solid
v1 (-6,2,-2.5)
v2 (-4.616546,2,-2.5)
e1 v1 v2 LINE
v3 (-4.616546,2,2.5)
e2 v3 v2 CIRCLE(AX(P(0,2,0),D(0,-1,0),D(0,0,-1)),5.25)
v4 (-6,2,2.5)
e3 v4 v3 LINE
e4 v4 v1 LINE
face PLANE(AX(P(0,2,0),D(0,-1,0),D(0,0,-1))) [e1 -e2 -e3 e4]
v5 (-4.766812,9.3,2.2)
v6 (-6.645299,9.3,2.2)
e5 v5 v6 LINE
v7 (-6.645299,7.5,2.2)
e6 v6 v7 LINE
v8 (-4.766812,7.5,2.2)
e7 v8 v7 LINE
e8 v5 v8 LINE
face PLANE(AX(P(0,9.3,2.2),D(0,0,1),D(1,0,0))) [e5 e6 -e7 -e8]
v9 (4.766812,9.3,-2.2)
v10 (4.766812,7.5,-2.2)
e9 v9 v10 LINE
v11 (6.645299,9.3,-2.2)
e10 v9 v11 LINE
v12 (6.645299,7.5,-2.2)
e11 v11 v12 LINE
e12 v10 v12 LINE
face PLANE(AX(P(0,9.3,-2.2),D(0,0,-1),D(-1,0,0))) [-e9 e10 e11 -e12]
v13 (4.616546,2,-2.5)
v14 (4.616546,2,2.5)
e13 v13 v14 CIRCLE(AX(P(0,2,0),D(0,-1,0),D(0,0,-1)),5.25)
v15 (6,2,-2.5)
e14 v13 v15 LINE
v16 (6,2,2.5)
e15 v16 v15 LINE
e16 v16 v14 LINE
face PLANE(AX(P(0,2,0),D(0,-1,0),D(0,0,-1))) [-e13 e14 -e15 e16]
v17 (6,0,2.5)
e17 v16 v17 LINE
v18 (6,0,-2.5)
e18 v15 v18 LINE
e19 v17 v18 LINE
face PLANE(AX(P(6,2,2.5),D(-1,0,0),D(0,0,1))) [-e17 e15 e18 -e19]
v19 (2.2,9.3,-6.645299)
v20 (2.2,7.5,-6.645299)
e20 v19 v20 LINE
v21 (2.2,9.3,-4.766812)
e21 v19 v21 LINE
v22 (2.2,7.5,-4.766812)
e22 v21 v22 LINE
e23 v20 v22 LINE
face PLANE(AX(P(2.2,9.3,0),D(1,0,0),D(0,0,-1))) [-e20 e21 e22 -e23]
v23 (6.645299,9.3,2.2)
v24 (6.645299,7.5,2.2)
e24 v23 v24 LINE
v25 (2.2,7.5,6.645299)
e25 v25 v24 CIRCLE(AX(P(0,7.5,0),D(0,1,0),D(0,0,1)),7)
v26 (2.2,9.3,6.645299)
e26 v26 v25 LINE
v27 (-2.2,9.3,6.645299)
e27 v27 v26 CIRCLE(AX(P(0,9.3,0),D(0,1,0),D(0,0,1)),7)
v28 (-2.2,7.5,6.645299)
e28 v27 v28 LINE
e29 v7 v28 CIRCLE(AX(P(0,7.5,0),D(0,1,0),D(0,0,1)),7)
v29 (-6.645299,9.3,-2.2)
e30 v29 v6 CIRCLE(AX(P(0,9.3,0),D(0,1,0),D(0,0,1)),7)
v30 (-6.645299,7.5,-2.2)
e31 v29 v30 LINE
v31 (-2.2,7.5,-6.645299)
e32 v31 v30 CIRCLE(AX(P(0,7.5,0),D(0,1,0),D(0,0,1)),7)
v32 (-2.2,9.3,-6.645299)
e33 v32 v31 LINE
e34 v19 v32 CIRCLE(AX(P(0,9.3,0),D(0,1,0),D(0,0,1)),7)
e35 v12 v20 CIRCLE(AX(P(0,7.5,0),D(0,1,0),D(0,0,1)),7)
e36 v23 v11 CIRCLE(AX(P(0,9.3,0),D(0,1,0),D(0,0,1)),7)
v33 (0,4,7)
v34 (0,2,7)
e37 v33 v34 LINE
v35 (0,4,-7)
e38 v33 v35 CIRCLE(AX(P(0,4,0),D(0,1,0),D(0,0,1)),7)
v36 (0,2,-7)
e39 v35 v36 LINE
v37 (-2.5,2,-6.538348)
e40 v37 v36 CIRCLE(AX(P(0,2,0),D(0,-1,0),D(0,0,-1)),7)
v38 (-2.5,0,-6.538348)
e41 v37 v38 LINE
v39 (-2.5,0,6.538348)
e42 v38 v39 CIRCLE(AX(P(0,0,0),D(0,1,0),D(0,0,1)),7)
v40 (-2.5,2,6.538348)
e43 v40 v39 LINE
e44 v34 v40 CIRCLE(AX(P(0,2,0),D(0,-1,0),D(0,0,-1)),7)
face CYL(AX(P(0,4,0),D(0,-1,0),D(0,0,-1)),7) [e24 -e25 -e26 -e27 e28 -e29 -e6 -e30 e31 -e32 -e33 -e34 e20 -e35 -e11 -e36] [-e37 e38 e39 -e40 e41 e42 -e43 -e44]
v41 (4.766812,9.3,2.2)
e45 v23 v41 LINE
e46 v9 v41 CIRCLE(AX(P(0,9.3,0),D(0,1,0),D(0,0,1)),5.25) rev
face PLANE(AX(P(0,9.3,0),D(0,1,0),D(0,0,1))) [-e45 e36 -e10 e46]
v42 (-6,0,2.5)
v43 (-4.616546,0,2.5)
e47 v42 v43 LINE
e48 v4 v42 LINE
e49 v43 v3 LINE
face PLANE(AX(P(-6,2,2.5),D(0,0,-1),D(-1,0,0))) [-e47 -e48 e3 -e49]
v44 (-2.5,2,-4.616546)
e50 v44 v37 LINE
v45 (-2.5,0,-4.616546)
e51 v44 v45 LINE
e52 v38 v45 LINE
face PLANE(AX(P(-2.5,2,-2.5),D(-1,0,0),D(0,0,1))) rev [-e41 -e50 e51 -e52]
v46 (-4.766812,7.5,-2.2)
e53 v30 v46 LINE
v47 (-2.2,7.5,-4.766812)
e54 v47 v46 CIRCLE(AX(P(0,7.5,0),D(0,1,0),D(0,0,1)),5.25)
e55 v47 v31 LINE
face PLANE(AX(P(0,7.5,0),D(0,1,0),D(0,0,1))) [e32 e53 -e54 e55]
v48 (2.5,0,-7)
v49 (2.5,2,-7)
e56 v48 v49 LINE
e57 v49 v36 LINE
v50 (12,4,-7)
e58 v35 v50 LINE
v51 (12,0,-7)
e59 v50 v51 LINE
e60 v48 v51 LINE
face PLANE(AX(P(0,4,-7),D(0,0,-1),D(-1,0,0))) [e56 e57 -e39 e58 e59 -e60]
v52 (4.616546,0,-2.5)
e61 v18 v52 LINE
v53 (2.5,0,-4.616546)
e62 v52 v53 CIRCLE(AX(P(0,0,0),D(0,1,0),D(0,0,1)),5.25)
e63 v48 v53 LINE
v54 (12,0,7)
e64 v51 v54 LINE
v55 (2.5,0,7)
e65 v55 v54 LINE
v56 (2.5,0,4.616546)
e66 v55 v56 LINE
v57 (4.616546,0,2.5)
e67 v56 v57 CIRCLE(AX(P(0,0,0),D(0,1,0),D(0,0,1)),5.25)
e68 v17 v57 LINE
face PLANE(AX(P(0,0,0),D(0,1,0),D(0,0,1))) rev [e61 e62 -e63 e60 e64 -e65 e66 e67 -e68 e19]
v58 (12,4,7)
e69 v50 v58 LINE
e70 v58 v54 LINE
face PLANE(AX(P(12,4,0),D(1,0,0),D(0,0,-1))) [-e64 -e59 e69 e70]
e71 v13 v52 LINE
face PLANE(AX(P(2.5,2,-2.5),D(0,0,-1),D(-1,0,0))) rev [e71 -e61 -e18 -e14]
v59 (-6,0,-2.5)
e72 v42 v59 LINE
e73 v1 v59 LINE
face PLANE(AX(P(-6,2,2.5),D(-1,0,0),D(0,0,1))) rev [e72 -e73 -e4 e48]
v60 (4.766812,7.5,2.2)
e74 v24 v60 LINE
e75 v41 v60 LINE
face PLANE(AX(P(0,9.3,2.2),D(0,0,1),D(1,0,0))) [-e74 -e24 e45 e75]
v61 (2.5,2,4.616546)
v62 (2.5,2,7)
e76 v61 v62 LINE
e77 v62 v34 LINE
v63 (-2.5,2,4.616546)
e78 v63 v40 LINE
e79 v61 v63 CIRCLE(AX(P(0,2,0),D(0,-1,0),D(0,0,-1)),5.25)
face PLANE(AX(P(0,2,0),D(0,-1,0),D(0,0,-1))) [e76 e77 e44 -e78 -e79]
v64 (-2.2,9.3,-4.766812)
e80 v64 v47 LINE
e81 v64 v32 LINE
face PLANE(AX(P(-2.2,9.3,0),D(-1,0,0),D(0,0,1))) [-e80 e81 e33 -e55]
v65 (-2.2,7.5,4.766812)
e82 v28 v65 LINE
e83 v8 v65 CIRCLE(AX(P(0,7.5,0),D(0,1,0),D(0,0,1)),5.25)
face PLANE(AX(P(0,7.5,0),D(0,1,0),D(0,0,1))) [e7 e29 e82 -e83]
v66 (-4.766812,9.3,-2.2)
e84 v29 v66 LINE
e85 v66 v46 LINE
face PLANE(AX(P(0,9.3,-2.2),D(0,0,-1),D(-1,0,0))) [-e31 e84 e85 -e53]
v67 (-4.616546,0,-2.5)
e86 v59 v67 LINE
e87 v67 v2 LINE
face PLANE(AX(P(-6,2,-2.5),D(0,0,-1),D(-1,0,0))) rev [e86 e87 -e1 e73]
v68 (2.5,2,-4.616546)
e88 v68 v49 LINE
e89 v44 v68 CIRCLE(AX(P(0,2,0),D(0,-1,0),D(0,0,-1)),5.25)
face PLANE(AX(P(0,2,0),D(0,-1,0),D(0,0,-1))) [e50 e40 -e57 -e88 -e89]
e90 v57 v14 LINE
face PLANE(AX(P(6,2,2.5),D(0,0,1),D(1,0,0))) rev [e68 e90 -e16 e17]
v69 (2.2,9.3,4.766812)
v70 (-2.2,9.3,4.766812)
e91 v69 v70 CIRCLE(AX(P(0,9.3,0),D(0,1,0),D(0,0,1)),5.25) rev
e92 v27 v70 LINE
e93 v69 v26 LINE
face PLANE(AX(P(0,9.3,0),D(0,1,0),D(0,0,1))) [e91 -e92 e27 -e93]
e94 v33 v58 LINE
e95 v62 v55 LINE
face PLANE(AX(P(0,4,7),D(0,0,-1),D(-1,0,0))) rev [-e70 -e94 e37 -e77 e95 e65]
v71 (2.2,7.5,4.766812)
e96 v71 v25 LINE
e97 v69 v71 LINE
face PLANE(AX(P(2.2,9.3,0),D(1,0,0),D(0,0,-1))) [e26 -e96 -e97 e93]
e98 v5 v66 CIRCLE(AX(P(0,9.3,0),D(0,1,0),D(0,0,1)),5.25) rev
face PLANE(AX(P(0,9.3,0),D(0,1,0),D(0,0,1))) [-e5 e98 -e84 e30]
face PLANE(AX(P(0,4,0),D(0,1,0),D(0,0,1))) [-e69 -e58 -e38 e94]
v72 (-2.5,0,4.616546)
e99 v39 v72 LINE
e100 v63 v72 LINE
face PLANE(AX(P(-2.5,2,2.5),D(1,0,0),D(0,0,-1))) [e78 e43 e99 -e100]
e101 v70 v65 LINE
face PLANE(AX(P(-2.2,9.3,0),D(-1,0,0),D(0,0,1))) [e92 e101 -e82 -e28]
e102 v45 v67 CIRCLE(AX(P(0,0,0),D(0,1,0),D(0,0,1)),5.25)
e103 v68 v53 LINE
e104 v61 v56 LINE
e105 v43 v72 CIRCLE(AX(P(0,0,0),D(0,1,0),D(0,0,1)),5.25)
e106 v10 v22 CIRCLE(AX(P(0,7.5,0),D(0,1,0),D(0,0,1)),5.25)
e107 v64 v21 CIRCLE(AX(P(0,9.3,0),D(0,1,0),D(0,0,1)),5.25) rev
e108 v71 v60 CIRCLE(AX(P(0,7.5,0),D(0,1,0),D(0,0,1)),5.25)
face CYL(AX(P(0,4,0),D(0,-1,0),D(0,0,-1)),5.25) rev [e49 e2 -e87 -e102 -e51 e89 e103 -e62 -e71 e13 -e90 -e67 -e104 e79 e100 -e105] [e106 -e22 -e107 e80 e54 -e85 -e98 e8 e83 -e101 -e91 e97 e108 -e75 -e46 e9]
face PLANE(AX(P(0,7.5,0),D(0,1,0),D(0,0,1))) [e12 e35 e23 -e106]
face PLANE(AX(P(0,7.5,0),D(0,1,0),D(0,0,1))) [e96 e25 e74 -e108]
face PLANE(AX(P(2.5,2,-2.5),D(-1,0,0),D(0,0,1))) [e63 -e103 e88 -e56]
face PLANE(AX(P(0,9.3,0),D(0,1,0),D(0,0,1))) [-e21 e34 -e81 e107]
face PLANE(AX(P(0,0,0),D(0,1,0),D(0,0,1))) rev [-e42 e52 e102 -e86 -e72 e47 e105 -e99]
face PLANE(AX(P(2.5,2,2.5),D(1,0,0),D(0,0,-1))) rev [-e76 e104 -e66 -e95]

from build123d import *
from build123d.topology import SkipClean

# Parameters (mm, degrees)
SKETCH_1_R          = 7
SKETCH_1_R_2        = 5.25
EXTRUDE_3_DEPTH     = 4
SKETCH_2_R          = 7
SKETCH_2_R_2        = 5.25
EXTRUDE_4_DEPTH     = 3.5
CUT_EXTRUDE_1_DEPTH = 2
EXTRUDE_5_DEPTH     = 1.8


with BuildPart() as part:
    # 草图1 → 凸台-拉伸3 (new body)
    # profile 1 of 2: a face of its own
    with BuildSketch(Plane(origin=(0, 0, 0), x_dir=(1, 0, 0), z_dir=(0, 1, 0))):
        with BuildLine():
            Line((12, 7), (0, 7))
            ThreePointArc((0, 7), (4.949747468, 4.949747468), (7, 0))
            ThreePointArc((7, 0), (4.949747468, -4.949747468), (0, -7))
            Line((0, -7), (12, -7))
            Line((12, -7), (12, 7))
        make_face()
    # profile 2 of 2: a face of its own
    with BuildSketch(Plane(origin=(0, 0, 0), x_dir=(1, 0, 0), z_dir=(0, 1, 0))):
        Circle(SKETCH_1_R)
        with Locations(Location((0, 0, 0), (0, 0, 270))):
            Circle(SKETCH_1_R_2, mode=Mode.SUBTRACT)
    extrude(amount=EXTRUDE_3_DEPTH)

    # 草图2 → 凸台-拉伸4 (add)
    with BuildSketch(Plane(origin=(0, 4, 0), x_dir=(1, 0, 0), z_dir=(0, 1, 0))):
        with Locations(Location((0, 0, 0), (0, 0, 270))):
            Circle(SKETCH_2_R)
        with Locations(Location((0, 0, 0), (0, 0, 270))):
            Circle(SKETCH_2_R_2, mode=Mode.SUBTRACT)
    extrude(amount=EXTRUDE_4_DEPTH)

    # 草图3 → 切除-拉伸1 (cut)
    with BuildSketch(Plane.XZ):
        Polygon((-2.5, -8.5), (2.5, -8.5), (2.5, -2.5), (6, -2.5), (6, 2.5), (2.5, 2.5), (2.5, 8.5), (-2.5, 8.5), (-2.5, 2.5), (-6, 2.5), (-6, -2.5), (-2.5, -2.5), align=None)
    extrude(amount=-CUT_EXTRUDE_1_DEPTH, mode=Mode.SUBTRACT)

    # 草图4 → 凸台-拉伸5 (add)
    with SkipClean():  # the faces are left unmerged after this step: merging them gives an invalid solid
        with BuildSketch(Plane(origin=(0, 7.5, 0), x_dir=(1, 0, 0), z_dir=(0, 1, 0))):
            with BuildLine():
                ThreePointArc((-4.766812352, -2.2), (-5.25, 0), (-4.766812352, 2.2))
                Line((-4.766812352, 2.2), (-6.64529909, 2.2))
                ThreePointArc((-6.64529909, 2.2), (-7, 0), (-6.64529909, -2.2))
                Line((-6.64529909, -2.2), (-4.766812352, -2.2))
            make_face()
            with BuildLine():
                ThreePointArc((-2.2, 4.766812352), (0, 5.25), (2.2, 4.766812352))
                Line((2.2, 4.766812352), (2.2, 6.64529909))
                ThreePointArc((2.2, 6.64529909), (0, 7), (-2.2, 6.64529909))
                Line((-2.2, 6.64529909), (-2.2, 4.766812352))
            make_face()
            with BuildLine():
                Line((6.64529909, 2.2), (4.766812352, 2.2))
                ThreePointArc((4.766812352, 2.2), (5.127780458, 1.126218263), (5.25, 0))
                ThreePointArc((5.25, 0), (5.127780458, -1.126218263), (4.766812352, -2.2))
                Line((4.766812352, -2.2), (6.64529909, -2.2))
                ThreePointArc((6.64529909, -2.2), (6.910755879, -1.11420518), (7, 0))
                ThreePointArc((7, 0), (6.910755879, 1.11420518), (6.64529909, 2.2))
            make_face()
            with BuildLine():
                Line((2.2, -6.64529909), (2.2, -4.766812352))
                ThreePointArc((2.2, -4.766812352), (0, -5.25), (-2.2, -4.766812352))
                Line((-2.2, -4.766812352), (-2.2, -6.64529909))
                ThreePointArc((-2.2, -6.64529909), (0, -7), (2.2, -6.64529909))
            make_face()
        extrude(amount=EXTRUDE_5_DEPTH)


solid = part.part
